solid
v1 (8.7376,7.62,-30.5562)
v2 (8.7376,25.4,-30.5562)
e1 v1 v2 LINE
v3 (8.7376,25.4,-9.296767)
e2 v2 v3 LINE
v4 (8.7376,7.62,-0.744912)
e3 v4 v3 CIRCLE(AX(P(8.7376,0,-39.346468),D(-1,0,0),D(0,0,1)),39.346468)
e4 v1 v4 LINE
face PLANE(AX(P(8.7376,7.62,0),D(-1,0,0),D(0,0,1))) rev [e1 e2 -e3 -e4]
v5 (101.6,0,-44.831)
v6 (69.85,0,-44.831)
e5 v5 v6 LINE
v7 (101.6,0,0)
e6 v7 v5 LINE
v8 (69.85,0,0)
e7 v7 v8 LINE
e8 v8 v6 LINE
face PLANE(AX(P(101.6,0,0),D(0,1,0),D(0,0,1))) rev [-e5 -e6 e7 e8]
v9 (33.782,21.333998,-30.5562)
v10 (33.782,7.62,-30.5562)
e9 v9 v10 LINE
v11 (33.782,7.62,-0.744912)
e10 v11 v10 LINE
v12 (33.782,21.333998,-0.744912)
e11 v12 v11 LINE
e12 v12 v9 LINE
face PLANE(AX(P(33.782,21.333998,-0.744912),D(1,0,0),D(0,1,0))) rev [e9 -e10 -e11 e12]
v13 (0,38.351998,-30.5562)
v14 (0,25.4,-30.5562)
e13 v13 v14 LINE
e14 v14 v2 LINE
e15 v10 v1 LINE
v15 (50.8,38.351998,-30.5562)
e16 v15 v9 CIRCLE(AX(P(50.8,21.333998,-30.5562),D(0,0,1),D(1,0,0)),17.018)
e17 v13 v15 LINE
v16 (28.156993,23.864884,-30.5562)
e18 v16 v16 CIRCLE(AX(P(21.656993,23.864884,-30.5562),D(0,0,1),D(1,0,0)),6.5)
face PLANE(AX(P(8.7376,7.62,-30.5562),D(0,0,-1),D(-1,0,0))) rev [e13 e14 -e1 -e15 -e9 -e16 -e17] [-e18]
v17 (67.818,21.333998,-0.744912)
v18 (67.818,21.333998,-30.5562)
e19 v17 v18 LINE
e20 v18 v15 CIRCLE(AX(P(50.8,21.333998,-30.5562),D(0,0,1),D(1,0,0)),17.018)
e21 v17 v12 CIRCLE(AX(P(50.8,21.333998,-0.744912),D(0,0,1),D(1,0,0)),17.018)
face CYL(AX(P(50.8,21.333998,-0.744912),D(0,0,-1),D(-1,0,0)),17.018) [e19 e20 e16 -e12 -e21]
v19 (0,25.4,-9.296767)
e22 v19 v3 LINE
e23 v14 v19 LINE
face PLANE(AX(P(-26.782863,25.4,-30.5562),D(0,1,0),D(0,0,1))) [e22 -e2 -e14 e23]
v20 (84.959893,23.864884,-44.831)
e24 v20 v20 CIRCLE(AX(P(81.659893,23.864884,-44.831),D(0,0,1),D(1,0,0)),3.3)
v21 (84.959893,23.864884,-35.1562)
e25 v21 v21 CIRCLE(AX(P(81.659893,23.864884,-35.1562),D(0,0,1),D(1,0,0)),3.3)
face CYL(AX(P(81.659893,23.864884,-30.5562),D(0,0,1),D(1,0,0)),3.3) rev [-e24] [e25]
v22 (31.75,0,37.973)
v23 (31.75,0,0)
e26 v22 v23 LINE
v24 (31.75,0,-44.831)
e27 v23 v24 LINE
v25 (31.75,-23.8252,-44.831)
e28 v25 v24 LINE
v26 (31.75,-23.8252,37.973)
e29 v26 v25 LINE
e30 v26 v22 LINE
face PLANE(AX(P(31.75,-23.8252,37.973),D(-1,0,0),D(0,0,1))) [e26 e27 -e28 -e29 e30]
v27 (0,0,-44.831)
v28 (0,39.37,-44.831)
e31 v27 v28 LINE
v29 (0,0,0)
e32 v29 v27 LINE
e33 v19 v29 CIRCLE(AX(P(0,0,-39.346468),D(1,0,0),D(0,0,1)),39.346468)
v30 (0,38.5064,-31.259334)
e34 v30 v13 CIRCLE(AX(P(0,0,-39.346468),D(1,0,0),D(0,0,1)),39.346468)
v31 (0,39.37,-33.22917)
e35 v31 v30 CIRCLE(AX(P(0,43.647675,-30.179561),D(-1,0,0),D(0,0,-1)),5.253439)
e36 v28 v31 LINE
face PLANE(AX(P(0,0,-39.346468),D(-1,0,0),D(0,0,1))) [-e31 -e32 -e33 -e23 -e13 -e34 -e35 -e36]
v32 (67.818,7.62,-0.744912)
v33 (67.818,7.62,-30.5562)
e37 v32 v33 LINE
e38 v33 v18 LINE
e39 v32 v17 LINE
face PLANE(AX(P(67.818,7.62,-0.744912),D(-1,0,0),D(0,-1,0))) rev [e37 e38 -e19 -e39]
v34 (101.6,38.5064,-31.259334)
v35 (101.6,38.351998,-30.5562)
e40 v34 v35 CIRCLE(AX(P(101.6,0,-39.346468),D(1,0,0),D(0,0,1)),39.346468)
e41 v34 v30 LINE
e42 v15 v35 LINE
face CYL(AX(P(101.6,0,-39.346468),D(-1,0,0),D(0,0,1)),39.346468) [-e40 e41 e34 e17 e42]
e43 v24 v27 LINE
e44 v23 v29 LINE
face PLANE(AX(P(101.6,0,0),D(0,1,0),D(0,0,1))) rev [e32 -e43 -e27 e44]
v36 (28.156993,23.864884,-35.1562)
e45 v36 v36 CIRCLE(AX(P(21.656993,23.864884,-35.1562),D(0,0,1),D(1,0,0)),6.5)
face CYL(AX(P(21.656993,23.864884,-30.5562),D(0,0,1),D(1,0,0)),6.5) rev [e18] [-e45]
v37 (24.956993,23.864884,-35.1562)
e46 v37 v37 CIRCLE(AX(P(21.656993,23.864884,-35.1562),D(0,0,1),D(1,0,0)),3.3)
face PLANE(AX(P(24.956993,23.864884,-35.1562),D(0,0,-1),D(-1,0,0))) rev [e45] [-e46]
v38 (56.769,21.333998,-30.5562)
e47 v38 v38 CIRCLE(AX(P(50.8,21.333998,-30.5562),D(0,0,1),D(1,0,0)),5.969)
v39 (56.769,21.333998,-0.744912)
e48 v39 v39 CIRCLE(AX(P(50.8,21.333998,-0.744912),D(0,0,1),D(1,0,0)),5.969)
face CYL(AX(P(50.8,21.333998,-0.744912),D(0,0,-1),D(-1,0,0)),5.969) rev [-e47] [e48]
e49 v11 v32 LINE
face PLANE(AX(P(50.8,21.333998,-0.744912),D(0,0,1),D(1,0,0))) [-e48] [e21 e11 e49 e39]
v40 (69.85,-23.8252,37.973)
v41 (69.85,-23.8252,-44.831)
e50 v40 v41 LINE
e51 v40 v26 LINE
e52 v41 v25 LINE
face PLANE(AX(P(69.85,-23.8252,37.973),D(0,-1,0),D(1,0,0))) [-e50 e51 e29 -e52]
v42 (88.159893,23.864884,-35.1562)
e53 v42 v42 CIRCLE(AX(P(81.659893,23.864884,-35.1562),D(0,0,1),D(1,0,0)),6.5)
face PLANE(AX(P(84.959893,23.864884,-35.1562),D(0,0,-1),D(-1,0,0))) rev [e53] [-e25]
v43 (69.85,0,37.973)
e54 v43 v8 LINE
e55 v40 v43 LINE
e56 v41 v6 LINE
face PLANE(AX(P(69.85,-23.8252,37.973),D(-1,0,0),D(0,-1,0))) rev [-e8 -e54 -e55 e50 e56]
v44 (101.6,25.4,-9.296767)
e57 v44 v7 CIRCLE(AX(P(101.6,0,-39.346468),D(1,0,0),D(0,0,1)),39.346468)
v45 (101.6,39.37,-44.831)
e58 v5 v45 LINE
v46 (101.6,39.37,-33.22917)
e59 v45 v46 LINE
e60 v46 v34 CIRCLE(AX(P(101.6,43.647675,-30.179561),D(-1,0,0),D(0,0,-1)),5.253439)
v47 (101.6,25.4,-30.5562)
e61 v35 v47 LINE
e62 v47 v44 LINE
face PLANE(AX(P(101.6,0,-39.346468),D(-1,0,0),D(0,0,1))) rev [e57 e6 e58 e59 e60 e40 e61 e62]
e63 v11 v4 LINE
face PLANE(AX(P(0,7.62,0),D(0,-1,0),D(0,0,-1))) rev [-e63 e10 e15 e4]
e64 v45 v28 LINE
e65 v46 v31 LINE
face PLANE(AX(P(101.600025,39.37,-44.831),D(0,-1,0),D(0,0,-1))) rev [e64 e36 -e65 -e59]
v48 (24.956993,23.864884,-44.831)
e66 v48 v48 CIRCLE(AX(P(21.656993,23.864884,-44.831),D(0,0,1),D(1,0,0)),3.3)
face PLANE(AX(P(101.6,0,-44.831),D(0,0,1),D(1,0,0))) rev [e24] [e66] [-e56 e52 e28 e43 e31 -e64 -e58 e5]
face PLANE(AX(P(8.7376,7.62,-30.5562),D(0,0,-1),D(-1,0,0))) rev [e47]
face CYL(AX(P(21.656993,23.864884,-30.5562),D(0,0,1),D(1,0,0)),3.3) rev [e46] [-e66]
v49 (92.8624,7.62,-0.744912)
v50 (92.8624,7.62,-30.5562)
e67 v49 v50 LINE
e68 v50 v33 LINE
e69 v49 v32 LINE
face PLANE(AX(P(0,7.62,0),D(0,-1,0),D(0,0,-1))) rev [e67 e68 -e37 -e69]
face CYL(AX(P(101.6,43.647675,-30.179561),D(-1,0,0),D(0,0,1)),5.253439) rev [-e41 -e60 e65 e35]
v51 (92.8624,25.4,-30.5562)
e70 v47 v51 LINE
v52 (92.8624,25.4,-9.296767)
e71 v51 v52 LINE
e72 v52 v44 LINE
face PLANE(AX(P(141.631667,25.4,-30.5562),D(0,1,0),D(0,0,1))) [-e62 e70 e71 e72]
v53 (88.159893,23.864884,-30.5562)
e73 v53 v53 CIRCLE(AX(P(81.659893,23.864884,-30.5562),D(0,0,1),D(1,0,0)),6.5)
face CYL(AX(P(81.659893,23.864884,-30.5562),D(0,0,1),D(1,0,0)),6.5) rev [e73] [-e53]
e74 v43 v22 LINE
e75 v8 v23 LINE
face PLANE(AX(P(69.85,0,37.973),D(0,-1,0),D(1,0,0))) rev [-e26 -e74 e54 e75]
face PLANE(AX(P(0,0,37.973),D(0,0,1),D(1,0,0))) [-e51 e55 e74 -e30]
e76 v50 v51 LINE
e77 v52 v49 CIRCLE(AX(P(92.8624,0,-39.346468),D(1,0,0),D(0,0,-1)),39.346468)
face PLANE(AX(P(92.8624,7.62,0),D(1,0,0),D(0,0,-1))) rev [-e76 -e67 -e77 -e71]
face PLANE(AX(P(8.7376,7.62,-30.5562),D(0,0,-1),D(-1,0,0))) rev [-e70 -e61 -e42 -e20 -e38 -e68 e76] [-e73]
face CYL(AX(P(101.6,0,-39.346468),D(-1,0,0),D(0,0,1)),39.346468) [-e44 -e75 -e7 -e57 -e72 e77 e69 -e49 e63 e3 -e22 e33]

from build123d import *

# Parameters (mm, degrees)
JAW_SIDE_EXTRUDE_DEPTH                           = 101.6
SKETCH2_W                                        = 84.1248
SKETCH2_H                                        = 30.5562
HOLLOW_CUT_EXTRUDE_DEPTH                         = 37.592
SKETCH3_R                                        = 5.969
SCREW_BOSS_EXTRUDE_DEPTH                         = 29.811288
SKETCH5_W                                        = 38.1
SKETCH5_H                                        = 23.8252
FOOT_EXTRUDE_DEPTH                               = 82.804
CBORE_FOR_M6_PAN_HEAD_MACHINE_SCREW1_D           = 6.6
CBORE_FOR_M6_PAN_HEAD_MACHINE_SCREW1_CBORE_D     = 13
CBORE_FOR_M6_PAN_HEAD_MACHINE_SCREW1_CBORE_DEPTH = 4.6
SKETCH12_W                                       = 14.651439237
SKETCH12_H                                       = 5.842
TOP_TRIM_CUT_EXTRUDE3_DEPTH                      = 120.902057968
SKETCH13_W                                       = 23.442855491
SKETCH13_H                                       = 12.95199816
WEB_TRIM_1_CUT_EXTRUDE4_DEPTH                    = 8.7376
SKETCH14_W                                       = 37.878491239
SKETCH14_H                                       = 12.95199816
WEB_TRIM_2_CUT_EXTRUDE5_DEPTH                    = 8.7376


with BuildPart() as part:
    # Sketch1 → Jaw side extrude (new body)
    with BuildSketch(Plane(origin=(0, 0, 0), x_dir=(0, 0, -1), z_dir=(1, 0, 0))):
        with BuildLine():
            Line((35.433, 45.212), (35.433, 43.647675453))
            ThreePointArc((35.433, 43.647675453), (34.258233808, 40.336625769), (31.259334135, 38.5064))
            ThreePointArc((31.259334135, 38.5064), (8.79859819, 24.798633085), (0, 0))
            Line((0, 0), (44.831, 0))
            Line((44.831, 0), (44.831, 45.212))
            Line((44.831, 45.212), (35.433, 45.212))
        make_face()
    extrude(amount=JAW_SIDE_EXTRUDE_DEPTH)

    # Sketch2 → Hollow cut extrude (cut)
    with BuildSketch(Plane(origin=(0, 45.212, 0), x_dir=(1, 0, 0), z_dir=(0, 1, 0))):
        with Locations((50.8, 15.2781)):
            Rectangle(SKETCH2_W, SKETCH2_H)
    extrude(amount=-HOLLOW_CUT_EXTRUDE_DEPTH, mode=Mode.SUBTRACT)

    # Sketch3 → Screw boss extrude (add)
    with BuildSketch(Plane.XY.offset(-30.5562)):
        with BuildLine():
            Line((67.818, 7.62), (67.818, 21.33399816))
            ThreePointArc((67.818, 21.33399816), (50.8, 38.35199816), (33.782, 21.33399816))
            Line((33.782, 21.33399816), (33.782, 7.62))
            Line((33.782, 7.62), (67.818, 7.62))
        make_face()
        with Locations((50.8, 21.33399816)):
            Circle(SKETCH3_R, mode=Mode.SUBTRACT)
    extrude(amount=SCREW_BOSS_EXTRUDE_DEPTH)

    # Sketch5 → Foot extrude (add)
    with BuildSketch(Plane(origin=(0, 0, -44.831), x_dir=(-1, 0, 0), z_dir=(0, 0, -1))):
        with Locations((-50.8, -11.9126)):
            Rectangle(SKETCH5_W, SKETCH5_H)
    extrude(amount=-FOOT_EXTRUDE_DEPTH)

    # CBORE for M6 Pan Head Machine Screw1 (through all)
    with Locations(Plane(origin=(50.8, -38.1, -30.5562), x_dir=(1, 0, 0), z_dir=(0, 0, 1))):
        with Locations((-29.14300736, 61.964884424), (30.859893074, 61.964884424)):
            CounterBoreHole(CBORE_FOR_M6_PAN_HEAD_MACHINE_SCREW1_D / 2, CBORE_FOR_M6_PAN_HEAD_MACHINE_SCREW1_CBORE_D / 2, CBORE_FOR_M6_PAN_HEAD_MACHINE_SCREW1_CBORE_DEPTH)

    # Sketch12 → top trim Cut-Extrude3 (cut, through all)
    with BuildSketch(Plane.ZY):
        with Locations((-37.505280382, 42.291)):
            Rectangle(SKETCH12_W, SKETCH12_H)
    extrude(amount=-TOP_TRIM_CUT_EXTRUDE3_DEPTH, mode=Mode.SUBTRACT)

    # Sketch13 → web trim 1 Cut-Extrude4 (cut)
    with BuildSketch(Plane.ZY.offset(-8.7376)):
        with Locations((-18.834772254, 31.87599908)):
            Rectangle(SKETCH13_W, SKETCH13_H)
    extrude(amount=WEB_TRIM_1_CUT_EXTRUDE4_DEPTH, mode=Mode.SUBTRACT)

    # Sketch14 → web trim 2 Cut-Extrude5 (cut)
    with BuildSketch(Plane(origin=(92.8624, 0, 0), x_dir=(0, 0, -1), z_dir=(1, 0, 0))):
        with Locations((11.616954381, 31.87599908)):
            Rectangle(SKETCH14_W, SKETCH14_H)
    extrude(amount=WEB_TRIM_2_CUT_EXTRUDE5_DEPTH, mode=Mode.SUBTRACT)


solid = part.part
